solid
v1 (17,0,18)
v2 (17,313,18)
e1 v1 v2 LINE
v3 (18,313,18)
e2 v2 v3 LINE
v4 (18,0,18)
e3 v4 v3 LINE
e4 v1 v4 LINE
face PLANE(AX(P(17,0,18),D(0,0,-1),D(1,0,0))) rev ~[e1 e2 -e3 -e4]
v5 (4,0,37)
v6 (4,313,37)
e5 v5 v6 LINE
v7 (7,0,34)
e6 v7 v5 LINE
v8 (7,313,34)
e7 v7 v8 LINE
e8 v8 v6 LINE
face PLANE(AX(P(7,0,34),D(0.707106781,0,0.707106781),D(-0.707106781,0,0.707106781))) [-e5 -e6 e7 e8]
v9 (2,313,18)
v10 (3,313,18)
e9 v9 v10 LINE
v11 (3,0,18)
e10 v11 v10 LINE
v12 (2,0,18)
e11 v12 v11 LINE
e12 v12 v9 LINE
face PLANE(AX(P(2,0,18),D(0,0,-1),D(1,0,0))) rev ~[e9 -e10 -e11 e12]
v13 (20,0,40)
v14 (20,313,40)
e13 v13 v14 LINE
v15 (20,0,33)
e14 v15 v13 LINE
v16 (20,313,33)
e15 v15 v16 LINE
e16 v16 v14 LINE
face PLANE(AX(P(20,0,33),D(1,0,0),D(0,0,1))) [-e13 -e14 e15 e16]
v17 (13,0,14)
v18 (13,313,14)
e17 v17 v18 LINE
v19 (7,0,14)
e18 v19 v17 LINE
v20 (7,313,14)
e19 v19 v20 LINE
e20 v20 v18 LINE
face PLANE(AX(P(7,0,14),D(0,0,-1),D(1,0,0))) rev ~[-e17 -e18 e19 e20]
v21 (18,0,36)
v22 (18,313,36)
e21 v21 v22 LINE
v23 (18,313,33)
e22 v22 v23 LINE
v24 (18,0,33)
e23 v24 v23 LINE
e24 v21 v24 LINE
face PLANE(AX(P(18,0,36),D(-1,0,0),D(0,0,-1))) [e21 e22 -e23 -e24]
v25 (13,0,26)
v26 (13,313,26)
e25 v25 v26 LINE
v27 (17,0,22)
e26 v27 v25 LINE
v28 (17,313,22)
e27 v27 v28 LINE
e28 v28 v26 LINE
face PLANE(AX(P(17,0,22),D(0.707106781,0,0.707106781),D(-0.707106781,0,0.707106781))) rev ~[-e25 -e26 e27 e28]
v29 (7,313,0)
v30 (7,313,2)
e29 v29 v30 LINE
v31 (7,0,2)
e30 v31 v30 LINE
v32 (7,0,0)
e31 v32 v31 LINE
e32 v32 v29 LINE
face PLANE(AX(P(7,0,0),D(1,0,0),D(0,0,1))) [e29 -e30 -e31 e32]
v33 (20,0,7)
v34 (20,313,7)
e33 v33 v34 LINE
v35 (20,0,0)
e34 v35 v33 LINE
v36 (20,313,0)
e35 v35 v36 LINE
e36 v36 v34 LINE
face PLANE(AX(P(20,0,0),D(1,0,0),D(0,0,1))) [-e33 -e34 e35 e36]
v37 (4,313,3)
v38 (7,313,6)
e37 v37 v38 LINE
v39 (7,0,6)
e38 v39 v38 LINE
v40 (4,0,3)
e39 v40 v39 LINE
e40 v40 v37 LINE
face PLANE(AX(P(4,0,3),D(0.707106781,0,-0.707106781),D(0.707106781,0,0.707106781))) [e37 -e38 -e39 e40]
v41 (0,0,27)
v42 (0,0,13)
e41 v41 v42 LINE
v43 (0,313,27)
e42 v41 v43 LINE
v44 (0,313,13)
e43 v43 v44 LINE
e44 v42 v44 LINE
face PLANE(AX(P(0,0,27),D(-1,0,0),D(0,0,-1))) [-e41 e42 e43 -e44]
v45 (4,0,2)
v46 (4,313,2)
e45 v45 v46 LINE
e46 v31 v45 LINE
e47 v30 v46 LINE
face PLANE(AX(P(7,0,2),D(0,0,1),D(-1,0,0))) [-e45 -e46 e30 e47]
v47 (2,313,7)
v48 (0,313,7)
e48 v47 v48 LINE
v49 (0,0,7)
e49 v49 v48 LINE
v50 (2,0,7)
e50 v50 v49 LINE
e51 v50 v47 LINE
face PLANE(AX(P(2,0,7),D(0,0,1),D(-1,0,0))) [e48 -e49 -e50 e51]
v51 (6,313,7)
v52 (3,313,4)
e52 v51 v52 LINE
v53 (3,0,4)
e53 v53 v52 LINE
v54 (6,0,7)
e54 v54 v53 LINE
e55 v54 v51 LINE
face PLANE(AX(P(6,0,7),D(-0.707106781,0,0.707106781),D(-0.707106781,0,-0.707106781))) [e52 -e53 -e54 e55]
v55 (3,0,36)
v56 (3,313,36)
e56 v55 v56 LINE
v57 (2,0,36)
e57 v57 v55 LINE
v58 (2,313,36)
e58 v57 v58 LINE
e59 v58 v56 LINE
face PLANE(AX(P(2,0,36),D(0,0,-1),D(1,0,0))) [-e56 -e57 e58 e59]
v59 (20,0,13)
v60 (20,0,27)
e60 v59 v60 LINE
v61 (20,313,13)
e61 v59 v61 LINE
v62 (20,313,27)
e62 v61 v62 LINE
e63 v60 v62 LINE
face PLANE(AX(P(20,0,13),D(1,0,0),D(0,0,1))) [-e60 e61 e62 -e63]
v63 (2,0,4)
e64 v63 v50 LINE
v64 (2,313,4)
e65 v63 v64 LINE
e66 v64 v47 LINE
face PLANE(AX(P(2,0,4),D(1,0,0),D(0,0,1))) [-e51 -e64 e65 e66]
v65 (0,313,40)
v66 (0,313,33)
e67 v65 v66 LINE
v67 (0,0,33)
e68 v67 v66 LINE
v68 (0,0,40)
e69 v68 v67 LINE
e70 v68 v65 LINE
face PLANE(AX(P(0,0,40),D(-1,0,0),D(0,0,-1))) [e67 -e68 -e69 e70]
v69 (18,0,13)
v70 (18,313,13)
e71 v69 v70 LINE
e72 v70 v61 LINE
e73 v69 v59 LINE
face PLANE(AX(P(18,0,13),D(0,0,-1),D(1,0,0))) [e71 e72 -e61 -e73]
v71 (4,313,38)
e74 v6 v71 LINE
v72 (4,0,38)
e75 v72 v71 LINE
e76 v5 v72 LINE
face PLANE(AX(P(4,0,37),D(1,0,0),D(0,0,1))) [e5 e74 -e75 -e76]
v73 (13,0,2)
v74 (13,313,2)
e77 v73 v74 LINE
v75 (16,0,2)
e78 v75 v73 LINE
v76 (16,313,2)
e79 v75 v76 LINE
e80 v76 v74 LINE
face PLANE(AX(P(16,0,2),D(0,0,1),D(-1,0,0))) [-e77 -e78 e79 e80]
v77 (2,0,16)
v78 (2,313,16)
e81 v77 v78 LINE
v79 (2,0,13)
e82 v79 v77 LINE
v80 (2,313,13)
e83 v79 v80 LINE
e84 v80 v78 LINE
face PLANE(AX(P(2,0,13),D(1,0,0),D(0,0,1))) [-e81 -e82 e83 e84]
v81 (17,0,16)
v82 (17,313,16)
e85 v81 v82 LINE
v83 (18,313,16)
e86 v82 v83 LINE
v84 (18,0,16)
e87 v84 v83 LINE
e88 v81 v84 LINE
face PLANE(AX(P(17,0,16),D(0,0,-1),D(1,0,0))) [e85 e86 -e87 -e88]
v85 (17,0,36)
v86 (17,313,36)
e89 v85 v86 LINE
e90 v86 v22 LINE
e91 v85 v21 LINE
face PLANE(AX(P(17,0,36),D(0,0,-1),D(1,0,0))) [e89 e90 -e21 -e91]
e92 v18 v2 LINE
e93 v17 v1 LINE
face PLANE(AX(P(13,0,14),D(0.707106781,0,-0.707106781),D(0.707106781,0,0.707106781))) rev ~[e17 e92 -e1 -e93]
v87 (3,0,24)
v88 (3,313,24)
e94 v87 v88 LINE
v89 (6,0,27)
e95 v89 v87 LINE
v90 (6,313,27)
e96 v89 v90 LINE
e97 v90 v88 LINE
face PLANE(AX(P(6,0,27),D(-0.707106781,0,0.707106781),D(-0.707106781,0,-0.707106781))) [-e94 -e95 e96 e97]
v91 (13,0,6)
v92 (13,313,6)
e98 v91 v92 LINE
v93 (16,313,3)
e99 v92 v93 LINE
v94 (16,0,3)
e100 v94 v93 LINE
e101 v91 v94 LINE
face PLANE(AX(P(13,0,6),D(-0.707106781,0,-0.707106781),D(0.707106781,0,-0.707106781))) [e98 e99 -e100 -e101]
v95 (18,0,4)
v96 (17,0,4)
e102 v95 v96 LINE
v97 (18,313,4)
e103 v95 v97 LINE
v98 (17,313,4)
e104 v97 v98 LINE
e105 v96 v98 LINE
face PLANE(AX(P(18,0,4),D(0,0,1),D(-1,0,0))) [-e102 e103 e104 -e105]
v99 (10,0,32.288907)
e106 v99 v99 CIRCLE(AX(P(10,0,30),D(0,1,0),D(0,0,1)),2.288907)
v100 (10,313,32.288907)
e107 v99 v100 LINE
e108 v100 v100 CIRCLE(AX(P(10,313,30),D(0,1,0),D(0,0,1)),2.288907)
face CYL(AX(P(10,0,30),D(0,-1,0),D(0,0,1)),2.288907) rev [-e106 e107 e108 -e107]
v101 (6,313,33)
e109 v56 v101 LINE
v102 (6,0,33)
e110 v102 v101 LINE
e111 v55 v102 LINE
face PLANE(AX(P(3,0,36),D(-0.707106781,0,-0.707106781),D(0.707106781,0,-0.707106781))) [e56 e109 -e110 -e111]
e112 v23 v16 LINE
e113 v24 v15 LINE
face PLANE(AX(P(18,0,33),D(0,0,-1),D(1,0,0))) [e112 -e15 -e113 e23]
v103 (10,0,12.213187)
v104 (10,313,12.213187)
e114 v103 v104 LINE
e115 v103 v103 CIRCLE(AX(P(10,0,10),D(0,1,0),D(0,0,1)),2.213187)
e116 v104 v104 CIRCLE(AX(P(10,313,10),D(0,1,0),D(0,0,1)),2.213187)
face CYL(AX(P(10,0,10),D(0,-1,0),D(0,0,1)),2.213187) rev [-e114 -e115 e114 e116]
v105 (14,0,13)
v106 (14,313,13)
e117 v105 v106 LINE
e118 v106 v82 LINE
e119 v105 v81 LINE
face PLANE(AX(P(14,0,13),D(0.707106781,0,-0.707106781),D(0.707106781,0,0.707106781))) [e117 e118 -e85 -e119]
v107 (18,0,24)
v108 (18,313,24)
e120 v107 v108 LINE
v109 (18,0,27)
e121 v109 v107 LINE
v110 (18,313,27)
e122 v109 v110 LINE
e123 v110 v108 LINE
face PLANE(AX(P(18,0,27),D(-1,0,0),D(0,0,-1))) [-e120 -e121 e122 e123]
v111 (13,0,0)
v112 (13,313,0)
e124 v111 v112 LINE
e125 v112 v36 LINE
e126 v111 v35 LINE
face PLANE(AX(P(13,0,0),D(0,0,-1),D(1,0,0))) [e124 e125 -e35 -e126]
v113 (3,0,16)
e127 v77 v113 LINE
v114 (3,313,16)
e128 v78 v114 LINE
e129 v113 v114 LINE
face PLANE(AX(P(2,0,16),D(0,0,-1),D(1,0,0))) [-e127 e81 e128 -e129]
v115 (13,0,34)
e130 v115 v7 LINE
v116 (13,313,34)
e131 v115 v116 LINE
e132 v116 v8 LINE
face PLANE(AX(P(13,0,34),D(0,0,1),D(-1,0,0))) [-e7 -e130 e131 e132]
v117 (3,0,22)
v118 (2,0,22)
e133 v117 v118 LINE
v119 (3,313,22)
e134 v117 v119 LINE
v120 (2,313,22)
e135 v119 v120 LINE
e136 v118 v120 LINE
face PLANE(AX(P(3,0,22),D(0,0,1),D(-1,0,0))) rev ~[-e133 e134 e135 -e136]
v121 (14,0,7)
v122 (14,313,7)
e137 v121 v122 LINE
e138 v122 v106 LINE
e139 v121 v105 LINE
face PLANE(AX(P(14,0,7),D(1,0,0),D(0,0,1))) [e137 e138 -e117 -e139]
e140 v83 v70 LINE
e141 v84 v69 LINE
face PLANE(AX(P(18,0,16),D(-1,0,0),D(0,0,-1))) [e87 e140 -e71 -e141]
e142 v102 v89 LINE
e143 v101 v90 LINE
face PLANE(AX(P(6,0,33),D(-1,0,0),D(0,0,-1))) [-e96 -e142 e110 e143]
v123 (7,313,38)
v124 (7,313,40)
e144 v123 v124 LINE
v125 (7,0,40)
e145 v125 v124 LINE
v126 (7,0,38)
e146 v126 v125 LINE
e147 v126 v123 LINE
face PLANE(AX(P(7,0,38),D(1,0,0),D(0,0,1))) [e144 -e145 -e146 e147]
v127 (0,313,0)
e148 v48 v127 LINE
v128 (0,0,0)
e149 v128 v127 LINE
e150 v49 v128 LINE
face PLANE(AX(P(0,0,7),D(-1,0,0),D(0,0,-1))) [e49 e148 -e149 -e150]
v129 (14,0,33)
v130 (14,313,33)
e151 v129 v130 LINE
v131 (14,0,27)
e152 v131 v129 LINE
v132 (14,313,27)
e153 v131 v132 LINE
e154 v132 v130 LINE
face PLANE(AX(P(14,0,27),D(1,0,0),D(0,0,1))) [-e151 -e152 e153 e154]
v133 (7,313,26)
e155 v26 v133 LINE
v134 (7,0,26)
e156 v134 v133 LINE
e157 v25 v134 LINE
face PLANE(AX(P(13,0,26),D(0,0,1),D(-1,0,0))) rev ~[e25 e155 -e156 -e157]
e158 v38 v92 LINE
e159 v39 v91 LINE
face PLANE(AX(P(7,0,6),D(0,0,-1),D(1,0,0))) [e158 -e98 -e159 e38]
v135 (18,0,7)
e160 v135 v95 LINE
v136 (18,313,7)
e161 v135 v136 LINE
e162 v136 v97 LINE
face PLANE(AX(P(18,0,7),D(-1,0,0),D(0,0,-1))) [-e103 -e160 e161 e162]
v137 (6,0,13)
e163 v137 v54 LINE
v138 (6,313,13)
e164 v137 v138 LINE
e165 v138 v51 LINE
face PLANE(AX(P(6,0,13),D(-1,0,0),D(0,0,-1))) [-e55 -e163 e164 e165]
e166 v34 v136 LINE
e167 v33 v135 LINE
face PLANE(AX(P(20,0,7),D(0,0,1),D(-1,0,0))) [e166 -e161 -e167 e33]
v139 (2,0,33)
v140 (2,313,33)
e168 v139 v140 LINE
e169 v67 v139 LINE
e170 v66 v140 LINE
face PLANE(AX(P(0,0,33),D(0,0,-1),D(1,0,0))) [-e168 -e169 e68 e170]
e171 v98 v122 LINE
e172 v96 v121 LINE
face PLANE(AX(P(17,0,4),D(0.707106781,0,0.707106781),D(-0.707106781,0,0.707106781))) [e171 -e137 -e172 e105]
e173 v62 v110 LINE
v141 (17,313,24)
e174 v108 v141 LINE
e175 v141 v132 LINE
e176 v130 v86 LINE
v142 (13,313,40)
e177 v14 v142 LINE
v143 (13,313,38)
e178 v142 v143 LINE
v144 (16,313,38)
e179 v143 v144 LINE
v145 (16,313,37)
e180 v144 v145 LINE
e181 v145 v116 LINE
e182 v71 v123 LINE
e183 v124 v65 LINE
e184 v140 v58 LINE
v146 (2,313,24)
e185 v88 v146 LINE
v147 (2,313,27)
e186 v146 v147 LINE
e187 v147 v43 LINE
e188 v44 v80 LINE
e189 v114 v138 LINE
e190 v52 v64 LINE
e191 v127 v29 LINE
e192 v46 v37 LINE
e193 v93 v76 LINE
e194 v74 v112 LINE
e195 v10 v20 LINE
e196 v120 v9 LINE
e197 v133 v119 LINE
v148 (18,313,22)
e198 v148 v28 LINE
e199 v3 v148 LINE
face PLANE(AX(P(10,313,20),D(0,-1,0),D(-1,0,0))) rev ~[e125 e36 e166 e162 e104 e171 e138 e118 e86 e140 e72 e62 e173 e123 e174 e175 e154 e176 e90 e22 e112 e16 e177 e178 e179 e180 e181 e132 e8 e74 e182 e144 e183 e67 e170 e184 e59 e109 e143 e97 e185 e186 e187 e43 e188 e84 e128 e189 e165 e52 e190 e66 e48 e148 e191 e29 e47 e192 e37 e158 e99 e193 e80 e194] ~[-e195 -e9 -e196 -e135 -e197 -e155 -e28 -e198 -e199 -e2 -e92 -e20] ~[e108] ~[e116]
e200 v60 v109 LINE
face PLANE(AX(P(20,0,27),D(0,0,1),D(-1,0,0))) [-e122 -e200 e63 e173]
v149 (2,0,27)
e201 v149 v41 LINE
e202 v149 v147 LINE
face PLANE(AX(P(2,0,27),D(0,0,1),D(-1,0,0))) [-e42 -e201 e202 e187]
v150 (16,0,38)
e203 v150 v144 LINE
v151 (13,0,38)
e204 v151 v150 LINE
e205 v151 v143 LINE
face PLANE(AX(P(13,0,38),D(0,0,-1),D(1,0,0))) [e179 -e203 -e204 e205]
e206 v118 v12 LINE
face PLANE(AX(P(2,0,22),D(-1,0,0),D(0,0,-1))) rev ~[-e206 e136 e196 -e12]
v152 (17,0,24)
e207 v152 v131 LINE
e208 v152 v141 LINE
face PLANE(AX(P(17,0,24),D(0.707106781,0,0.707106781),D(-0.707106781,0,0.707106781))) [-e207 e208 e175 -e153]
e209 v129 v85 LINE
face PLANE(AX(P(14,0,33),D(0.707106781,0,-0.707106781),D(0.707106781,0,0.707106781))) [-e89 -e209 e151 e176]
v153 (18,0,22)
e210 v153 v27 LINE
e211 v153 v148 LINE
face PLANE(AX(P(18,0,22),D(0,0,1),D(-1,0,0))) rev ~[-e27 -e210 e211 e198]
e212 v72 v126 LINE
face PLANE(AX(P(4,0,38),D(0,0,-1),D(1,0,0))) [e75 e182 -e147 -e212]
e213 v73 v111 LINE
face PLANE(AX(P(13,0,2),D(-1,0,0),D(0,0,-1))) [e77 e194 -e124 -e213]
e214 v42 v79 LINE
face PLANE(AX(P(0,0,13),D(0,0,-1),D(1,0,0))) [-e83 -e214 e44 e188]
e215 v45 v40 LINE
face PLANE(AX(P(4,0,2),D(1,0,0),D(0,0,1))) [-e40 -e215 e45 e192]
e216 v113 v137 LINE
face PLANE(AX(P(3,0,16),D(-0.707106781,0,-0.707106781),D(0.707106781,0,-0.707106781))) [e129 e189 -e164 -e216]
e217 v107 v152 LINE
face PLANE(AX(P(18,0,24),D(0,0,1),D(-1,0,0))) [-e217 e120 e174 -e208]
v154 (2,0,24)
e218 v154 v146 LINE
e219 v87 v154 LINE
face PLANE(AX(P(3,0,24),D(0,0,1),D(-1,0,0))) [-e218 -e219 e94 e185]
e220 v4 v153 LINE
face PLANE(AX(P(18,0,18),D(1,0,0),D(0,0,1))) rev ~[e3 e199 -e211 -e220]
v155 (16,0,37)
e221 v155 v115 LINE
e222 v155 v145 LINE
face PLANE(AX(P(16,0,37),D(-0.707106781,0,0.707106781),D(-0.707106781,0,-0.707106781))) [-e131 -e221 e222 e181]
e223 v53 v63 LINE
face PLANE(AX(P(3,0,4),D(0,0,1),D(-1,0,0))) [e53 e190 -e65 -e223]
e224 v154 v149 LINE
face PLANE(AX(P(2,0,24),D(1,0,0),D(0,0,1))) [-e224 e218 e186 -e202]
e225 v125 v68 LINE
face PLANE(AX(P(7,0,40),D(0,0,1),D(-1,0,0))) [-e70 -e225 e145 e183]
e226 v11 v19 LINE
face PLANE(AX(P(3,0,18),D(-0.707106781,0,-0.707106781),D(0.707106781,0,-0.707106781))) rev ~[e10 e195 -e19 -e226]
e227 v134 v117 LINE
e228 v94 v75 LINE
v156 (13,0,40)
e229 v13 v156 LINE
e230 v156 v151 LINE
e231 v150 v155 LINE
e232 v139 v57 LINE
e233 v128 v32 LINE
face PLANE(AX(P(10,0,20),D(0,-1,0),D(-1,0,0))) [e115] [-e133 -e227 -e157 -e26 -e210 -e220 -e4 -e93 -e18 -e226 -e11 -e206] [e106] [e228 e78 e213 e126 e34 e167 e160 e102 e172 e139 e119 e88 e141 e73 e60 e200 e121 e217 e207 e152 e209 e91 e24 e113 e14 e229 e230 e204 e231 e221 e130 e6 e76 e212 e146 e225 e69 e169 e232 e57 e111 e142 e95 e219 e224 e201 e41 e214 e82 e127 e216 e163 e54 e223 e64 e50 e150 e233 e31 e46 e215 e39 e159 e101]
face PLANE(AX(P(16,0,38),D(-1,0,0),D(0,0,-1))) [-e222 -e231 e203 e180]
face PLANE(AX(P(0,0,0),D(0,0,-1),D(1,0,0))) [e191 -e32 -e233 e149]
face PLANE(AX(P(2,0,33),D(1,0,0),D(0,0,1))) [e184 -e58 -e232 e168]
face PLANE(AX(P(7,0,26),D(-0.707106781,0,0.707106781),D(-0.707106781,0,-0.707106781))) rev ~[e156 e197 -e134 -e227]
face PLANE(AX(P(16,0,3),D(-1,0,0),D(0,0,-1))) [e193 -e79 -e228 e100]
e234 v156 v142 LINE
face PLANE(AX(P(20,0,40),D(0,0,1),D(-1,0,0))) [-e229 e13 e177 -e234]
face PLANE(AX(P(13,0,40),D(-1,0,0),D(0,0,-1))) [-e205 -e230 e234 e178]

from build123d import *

# Parameters (mm, degrees)
SKETCH1_R           = 2.213186583
SKETCH1_R_2         = 2.28890728
BOSS_EXTRUDE1_DEPTH = 313


with BuildPart() as part:
    # Sketch1 → Boss-Extrude1 (new body)
    with BuildSketch(Plane(origin=(0, 0, 0), x_dir=(1, 0, 0), z_dir=(0, 1, 0))):
        Polygon((20, 0), (20, -7), (18, -7), (18, -4), (17, -4), (14, -7), (14, -13), (17, -16), (18, -16), (18, -13), (20, -13), (20, -27), (18, -27), (18, -24), (17, -24), (14, -27), (14, -33), (17, -36), (18, -36), (18, -33), (20, -33), (20, -40), (13, -40), (13, -38), (16, -38), (16, -37), (13, -34), (7, -34), (4, -37), (4, -38), (7, -38), (7, -40), (0, -40), (0, -33), (2, -33), (2, -36), (3, -36), (6, -33), (6, -27), (3, -24), (2, -24), (2, -27), (0, -27), (0, -13), (2, -13), (2, -16), (3, -16), (6, -13), (6, -7), (3, -4), (2, -4), (2, -7), (0, -7), (0, 0), (7, 0), (7, -2), (4, -2), (4, -3), (7, -6), (13, -6), (16, -3), (16, -2), (13, -2), (13, 0), align=None)
        with Locations(Location((10, -10, 0), (0, 0, 270))):
            Circle(SKETCH1_R, mode=Mode.SUBTRACT)
        with Locations(Location((10, -30, 0), (0, 0, 270))):
            Circle(SKETCH1_R_2, mode=Mode.SUBTRACT)
        Polygon((7, -14), (13, -14), (17, -18), (18, -18), (18, -22), (17, -22), (13, -26), (7, -26), (3, -22), (2, -22), (2, -18), (3, -18), align=None, mode=Mode.SUBTRACT)
    extrude(amount=BOSS_EXTRUDE1_DEPTH)


solid = part.part
